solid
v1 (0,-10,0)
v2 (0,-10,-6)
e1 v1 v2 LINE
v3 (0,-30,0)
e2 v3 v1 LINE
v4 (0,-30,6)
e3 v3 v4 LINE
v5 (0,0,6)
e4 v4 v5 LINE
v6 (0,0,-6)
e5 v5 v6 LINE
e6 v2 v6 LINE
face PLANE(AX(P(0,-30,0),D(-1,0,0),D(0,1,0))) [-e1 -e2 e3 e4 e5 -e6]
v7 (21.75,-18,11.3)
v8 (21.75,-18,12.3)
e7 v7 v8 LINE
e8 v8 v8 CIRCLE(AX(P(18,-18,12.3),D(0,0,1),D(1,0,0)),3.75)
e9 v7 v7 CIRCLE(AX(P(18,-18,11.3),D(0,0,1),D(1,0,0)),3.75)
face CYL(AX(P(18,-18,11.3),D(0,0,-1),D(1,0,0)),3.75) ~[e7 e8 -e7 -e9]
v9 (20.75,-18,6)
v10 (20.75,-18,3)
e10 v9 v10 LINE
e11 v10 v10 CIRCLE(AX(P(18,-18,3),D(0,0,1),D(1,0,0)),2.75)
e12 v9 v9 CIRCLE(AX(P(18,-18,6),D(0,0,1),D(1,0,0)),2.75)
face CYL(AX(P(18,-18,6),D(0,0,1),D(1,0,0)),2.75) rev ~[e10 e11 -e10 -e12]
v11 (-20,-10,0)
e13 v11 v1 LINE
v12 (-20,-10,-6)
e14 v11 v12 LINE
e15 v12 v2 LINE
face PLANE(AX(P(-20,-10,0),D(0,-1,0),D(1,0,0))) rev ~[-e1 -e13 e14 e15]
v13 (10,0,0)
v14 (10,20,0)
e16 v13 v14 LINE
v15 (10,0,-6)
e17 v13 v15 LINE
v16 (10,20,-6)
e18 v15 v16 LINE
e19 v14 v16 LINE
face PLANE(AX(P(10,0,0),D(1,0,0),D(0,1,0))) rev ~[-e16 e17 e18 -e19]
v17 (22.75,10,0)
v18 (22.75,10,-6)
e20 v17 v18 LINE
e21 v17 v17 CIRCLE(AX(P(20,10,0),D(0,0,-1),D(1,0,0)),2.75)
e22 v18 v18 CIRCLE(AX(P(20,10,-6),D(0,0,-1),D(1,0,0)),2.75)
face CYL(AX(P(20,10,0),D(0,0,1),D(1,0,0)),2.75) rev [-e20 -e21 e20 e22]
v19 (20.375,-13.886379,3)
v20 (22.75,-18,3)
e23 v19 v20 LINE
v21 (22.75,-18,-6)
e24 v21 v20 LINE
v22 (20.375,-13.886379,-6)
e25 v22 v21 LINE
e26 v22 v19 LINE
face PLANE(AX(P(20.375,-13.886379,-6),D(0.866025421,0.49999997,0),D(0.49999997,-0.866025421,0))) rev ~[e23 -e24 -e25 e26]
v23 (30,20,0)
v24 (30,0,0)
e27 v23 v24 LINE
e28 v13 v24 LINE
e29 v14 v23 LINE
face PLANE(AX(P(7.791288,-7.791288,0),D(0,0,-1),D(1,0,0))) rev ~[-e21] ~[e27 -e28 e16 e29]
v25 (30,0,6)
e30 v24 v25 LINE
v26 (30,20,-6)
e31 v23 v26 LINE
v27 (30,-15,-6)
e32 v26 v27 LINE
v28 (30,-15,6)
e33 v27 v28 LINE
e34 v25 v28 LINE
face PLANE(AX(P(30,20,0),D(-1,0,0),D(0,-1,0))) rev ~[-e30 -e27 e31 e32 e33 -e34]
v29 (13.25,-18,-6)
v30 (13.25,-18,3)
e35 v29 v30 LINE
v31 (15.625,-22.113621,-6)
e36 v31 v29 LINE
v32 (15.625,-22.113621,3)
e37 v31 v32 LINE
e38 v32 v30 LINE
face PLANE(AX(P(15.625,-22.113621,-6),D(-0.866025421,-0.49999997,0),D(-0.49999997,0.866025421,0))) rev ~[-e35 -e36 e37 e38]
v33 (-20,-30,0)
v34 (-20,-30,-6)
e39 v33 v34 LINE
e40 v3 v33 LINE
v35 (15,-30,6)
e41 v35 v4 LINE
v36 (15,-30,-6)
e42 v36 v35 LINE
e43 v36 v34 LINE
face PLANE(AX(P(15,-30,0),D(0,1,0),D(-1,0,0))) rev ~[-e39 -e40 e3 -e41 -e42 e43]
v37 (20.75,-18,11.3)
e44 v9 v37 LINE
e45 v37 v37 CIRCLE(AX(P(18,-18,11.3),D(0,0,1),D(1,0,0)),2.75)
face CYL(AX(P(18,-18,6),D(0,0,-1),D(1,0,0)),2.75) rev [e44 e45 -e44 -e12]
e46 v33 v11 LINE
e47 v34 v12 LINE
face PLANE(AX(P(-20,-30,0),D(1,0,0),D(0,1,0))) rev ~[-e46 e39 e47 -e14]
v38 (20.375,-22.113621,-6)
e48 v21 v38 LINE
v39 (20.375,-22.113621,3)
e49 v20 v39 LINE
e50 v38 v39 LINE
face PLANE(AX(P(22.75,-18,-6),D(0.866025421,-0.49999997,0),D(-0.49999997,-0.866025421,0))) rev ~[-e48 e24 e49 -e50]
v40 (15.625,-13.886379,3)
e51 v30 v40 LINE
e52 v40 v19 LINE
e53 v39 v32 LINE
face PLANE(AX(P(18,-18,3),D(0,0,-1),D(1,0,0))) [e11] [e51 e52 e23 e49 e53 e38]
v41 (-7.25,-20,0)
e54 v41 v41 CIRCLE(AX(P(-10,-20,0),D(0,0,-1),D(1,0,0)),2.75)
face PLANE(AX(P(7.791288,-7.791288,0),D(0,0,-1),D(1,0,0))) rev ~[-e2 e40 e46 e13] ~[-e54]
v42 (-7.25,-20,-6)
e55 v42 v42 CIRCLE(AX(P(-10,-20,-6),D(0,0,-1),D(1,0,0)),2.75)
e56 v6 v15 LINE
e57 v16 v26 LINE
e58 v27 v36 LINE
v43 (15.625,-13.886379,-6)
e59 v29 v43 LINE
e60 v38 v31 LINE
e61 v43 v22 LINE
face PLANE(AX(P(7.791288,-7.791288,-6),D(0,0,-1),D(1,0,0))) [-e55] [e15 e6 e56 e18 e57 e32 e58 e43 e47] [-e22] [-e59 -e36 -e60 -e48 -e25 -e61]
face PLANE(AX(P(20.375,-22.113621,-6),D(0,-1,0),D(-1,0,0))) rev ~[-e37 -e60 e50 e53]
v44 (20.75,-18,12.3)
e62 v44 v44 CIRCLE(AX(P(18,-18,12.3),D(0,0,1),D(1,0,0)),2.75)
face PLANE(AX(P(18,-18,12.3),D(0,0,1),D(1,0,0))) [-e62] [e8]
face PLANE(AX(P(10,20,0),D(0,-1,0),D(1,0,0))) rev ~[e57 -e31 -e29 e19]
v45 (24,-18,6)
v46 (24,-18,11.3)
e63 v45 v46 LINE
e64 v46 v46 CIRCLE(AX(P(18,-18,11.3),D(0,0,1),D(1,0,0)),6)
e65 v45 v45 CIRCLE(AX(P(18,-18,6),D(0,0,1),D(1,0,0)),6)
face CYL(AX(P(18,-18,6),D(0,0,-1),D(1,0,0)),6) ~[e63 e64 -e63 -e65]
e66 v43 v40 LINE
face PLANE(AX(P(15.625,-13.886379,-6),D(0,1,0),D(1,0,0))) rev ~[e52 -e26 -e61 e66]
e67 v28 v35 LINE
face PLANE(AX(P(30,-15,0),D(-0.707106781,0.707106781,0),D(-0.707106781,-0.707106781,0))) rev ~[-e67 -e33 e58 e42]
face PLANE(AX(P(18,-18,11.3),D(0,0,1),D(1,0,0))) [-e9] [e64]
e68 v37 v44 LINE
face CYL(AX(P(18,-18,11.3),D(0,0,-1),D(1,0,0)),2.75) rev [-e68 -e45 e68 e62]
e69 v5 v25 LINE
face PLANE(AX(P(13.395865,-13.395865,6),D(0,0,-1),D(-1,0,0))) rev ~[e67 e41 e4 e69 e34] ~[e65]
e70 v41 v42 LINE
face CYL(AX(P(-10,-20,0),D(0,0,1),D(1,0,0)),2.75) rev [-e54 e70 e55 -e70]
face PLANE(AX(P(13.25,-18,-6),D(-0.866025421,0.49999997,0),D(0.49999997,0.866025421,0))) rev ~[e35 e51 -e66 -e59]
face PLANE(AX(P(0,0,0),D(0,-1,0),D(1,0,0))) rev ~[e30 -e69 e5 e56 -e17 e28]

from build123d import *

# Parameters (mm, degrees)
PAD_DEPTH       = 6
SKETCH001_R     = 2.75
PAD001_DEPTH    = 6
SKETCH002_R     = 2.75
POCKET_DEPTH    = 12.001
SKETCH003_R     = 6
SKETCH003_R_2   = 2.75
PAD002_DEPTH    = 5.3
SKETCH004_R     = 3.75
SKETCH004_R_2   = 2.75
PAD003_DEPTH    = 1
POCKET001_DEPTH = 9


with BuildPart() as part:
    # Sketch → Pad (new body)
    with BuildSketch(Plane.XY):
        Polygon((0, 0), (30, 0), (30, -15), (15, -30), (0, -30), align=None)
    extrude(amount=PAD_DEPTH)

    # Sketch001 (on Face6 of Pad) → Pad001 (join)
    with BuildSketch(Plane(origin=(0, 0, 0), x_dir=(1, 0, 0), z_dir=(0, 0, -1))):
        Polygon((15, 30), (-20, 30), (-20, 10), (0, 10), (0, 0), (10, 0), (10, -20), (30, -20), (30, 15), align=None)
        with Locations((-10, 20)):
            Circle(SKETCH001_R, mode=Mode.SUBTRACT)
        with Locations((20, -10)):
            Circle(SKETCH001_R, mode=Mode.SUBTRACT)
    extrude(amount=PAD001_DEPTH)

    # Sketch002 (on Face1 of Pad001) → Pocket (cut, through all)
    with BuildSketch(Plane.XY.offset(6)):
        with Locations((18, -18)):
            Circle(SKETCH002_R)
    extrude(amount=-POCKET_DEPTH, mode=Mode.SUBTRACT)

    # Sketch003 (on Face1 of Pocket) → Pad002 (join)
    with BuildSketch(Plane.XY.offset(6)):
        with Locations((18, -18)):
            Circle(SKETCH003_R)
        with Locations((18, -18)):
            Circle(SKETCH003_R_2, mode=Mode.SUBTRACT)
    extrude(amount=PAD002_DEPTH)

    # Sketch004 (on Face15 of Pad002) → Pad003 (join)
    with BuildSketch(Plane.XY.offset(11.3)):
        with Locations((18, -18)):
            Circle(SKETCH004_R)
        with Locations((18, -18)):
            Circle(SKETCH004_R_2, mode=Mode.SUBTRACT)
    extrude(amount=PAD003_DEPTH)

    # Sketch005 (on Face10 of Pad003) → Pocket001 (cut)
    with BuildSketch(Plane(origin=(0, 0, -6), x_dir=(1, 0, 0), z_dir=(0, 0, -1))):
        Polygon((22.75, 18), (20.375, 22.113621), (15.625, 22.113621), (13.25, 18), (15.625, 13.886379), (20.375, 13.886379), align=None)
    extrude(amount=-POCKET001_DEPTH, mode=Mode.SUBTRACT)


solid = part.part
